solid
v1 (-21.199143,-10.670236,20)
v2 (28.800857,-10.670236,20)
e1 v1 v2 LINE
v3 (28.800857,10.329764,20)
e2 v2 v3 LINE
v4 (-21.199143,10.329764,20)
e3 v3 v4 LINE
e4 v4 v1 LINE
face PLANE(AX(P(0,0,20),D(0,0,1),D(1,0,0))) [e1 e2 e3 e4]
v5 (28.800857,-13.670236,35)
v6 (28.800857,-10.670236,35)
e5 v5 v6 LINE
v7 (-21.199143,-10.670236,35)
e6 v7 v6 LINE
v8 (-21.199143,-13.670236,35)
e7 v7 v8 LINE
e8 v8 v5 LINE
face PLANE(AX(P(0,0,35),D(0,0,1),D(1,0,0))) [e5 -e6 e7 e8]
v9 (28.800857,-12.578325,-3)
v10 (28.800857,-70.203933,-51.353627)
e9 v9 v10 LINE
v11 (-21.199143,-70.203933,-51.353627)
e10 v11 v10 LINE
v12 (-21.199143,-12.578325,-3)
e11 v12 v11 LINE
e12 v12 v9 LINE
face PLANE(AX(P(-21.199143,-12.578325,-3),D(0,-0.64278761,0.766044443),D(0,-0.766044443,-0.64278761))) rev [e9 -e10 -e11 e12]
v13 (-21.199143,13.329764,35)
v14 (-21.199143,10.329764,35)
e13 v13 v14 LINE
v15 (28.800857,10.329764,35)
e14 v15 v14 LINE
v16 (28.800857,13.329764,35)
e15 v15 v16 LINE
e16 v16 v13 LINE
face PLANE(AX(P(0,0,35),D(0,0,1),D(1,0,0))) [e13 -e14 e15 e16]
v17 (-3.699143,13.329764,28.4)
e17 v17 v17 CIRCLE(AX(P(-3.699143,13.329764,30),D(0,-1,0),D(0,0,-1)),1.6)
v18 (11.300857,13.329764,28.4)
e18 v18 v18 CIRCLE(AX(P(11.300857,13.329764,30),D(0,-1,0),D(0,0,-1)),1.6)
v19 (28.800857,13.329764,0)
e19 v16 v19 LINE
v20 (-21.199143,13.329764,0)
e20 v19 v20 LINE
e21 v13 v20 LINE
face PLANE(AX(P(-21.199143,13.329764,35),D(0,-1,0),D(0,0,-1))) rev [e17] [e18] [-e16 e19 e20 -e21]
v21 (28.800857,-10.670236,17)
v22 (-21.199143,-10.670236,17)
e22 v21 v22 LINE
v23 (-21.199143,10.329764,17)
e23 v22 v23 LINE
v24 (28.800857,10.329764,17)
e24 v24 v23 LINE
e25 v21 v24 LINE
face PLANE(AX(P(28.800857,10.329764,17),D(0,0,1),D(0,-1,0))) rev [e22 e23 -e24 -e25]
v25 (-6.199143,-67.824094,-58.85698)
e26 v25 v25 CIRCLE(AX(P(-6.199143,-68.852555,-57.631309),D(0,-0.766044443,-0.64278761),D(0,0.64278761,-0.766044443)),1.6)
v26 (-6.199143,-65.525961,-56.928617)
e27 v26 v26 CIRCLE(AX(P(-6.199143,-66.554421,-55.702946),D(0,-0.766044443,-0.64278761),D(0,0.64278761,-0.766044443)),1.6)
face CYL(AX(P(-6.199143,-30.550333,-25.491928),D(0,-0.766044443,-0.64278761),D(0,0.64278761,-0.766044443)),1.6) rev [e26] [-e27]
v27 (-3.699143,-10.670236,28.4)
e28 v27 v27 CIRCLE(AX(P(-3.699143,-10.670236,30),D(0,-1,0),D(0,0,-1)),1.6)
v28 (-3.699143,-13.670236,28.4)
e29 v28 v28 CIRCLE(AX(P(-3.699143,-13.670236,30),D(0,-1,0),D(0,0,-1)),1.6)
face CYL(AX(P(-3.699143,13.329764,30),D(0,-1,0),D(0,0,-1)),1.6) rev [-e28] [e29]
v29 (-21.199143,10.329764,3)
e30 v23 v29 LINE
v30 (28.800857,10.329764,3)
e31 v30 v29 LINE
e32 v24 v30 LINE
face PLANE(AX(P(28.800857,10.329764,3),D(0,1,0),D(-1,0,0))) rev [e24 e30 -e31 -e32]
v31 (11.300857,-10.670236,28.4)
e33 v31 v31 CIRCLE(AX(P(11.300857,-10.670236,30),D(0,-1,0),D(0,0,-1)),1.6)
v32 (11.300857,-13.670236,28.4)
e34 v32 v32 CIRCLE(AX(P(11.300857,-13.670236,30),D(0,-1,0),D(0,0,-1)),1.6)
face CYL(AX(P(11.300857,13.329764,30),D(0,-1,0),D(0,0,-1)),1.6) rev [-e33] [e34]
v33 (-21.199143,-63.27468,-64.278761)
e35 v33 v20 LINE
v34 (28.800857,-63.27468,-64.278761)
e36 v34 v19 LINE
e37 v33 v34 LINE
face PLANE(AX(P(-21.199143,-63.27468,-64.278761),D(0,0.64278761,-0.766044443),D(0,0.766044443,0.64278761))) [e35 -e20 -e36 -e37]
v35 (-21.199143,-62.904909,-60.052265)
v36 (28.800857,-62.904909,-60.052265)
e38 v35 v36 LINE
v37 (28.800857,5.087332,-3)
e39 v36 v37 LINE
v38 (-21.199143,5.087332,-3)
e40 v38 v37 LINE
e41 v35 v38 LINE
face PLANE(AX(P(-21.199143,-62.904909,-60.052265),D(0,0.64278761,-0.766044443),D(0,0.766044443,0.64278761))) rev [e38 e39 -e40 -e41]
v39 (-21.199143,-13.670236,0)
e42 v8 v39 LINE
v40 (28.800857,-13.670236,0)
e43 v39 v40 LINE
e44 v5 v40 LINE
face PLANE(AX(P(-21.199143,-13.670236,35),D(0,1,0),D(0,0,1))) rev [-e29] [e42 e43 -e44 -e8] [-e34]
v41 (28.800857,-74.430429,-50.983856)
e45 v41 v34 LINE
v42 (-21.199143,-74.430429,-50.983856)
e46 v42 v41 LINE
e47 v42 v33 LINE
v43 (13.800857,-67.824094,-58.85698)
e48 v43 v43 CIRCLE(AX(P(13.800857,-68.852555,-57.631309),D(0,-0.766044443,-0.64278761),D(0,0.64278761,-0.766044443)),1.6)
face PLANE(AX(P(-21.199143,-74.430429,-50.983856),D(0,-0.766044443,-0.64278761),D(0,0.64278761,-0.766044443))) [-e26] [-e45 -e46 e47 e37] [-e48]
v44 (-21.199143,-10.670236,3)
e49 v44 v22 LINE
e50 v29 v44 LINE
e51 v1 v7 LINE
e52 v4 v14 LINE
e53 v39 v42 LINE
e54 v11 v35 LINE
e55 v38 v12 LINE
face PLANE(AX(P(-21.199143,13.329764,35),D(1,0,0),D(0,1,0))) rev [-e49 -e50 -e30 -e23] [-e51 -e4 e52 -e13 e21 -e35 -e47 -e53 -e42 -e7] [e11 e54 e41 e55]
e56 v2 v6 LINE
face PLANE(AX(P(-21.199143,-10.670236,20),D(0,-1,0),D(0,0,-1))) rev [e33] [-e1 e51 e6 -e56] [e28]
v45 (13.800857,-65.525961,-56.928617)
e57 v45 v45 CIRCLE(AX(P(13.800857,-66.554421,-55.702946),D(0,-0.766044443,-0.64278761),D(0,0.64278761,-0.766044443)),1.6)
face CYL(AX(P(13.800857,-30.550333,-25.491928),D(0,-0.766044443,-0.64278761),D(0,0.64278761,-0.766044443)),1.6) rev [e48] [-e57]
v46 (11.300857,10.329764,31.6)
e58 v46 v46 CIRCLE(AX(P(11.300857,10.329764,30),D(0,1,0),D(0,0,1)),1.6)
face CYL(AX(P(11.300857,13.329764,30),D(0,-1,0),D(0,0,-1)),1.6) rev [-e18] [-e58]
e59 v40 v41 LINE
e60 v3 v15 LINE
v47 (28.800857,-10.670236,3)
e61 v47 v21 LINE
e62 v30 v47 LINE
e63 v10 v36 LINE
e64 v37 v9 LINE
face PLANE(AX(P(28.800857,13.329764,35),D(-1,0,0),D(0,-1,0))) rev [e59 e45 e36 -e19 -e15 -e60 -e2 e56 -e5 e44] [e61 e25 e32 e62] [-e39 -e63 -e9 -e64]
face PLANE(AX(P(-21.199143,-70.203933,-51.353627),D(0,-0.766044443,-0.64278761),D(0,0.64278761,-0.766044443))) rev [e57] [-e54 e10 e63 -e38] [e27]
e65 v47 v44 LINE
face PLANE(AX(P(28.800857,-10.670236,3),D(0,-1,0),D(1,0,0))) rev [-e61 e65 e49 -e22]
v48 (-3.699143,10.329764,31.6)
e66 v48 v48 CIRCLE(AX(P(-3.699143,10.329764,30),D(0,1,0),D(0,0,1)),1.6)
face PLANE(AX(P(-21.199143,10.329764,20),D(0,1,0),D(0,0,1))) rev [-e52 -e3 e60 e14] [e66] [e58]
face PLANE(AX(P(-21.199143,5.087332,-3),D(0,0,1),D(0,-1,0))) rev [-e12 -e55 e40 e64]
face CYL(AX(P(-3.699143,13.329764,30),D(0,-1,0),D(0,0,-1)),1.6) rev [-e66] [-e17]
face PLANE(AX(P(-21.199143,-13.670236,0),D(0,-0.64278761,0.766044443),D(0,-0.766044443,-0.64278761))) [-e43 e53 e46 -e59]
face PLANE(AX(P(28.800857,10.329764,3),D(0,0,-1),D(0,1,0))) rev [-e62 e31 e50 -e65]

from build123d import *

# Parameters (mm, degrees)
SKETCH_1_W          = 50
SKETCH_1_H          = 27
EXTRUDE_1_DEPTH     = 35
SKETCH_2_W          = 50
SKETCH_2_H          = 21
CUT_EXTRUDE_1_DEPTH = 15
SKETCH_3_R          = 1.6
CUT_EXTRUDE_2_DEPTH = 28
SKETCH_4_W          = 14
SKETCH_4_H          = 21
CUT_EXTRUDE_3_DEPTH = 51
EXTRUDE_2_DEPTH     = 50
CUT_EXTRUDE_4_DEPTH = 51
SKETCH_8_R          = 1.6
CUT_EXTRUDE_5_DEPTH = 50


with BuildPart() as part:
    # 草图1 → 凸台-拉伸1 (new body)
    with BuildSketch(Plane.XY):
        with Locations((3.800856531, -0.170235546)):
            Rectangle(SKETCH_1_W, SKETCH_1_H)
    extrude(amount=EXTRUDE_1_DEPTH)

    # 草图2 → 切除-拉伸1 (cut)
    with BuildSketch(Plane.XY.offset(35)):
        with Locations((3.800856531, -0.170235546)):
            Rectangle(SKETCH_2_W, SKETCH_2_H)
    extrude(amount=-CUT_EXTRUDE_1_DEPTH, mode=Mode.SUBTRACT)

    # 草图3 → 切除-拉伸2 (cut, through all)
    with BuildSketch(Plane.XZ.offset(13.670235546)):
        with Locations((-3.699143469, 30)):
            Circle(SKETCH_3_R)
        with Locations((11.300856531, 30)):
            Circle(SKETCH_3_R)
    extrude(amount=-CUT_EXTRUDE_2_DEPTH, mode=Mode.SUBTRACT)

    # 草图4 → 切除-拉伸3 (cut, through all)
    with BuildSketch(Plane.ZY.offset(21.199143469)):
        with Locations((10, -0.170235546)):
            Rectangle(SKETCH_4_W, SKETCH_4_H)
    extrude(amount=-CUT_EXTRUDE_3_DEPTH, mode=Mode.SUBTRACT)

    # 草图6 → 凸台-拉伸2 (add)
    with BuildSketch(Plane(origin=(28.800856531, 0, 0), x_dir=(0, 0, -1), z_dir=(1, 0, 0))):
        Polygon((0, -13.670235546), (50.983856303, -74.430429459), (64.278760969, -63.274679858), (0, 13.329764454), align=None)
    extrude(amount=-EXTRUDE_2_DEPTH)

    # 草图7 → 切除-拉伸4 (cut, through all)
    with BuildSketch(Plane(origin=(28.800856531, 0, 0), x_dir=(0, 0, -1), z_dir=(1, 0, 0))):
        Polygon((60.05226481, -62.904909358), (3, 5.087332196), (3, -12.578324843), (51.353626803, -70.203933301), align=None)
    extrude(amount=-CUT_EXTRUDE_4_DEPTH, mode=Mode.SUBTRACT)

    # 草图8 → 切除-拉伸5 (cut)
    with BuildSketch(Plane(origin=(0, -68.782217432, -57.715133279), x_dir=(-1, 0, 0), z_dir=(0, -0.766044443, -0.64278761))):
        with Locations((-13.800856531, -0.1094253)):
            Circle(SKETCH_8_R)
        with Locations((6.199143469, -0.1094253)):
            Circle(SKETCH_8_R)
    extrude(amount=-CUT_EXTRUDE_5_DEPTH, mode=Mode.SUBTRACT)


solid = part.part
